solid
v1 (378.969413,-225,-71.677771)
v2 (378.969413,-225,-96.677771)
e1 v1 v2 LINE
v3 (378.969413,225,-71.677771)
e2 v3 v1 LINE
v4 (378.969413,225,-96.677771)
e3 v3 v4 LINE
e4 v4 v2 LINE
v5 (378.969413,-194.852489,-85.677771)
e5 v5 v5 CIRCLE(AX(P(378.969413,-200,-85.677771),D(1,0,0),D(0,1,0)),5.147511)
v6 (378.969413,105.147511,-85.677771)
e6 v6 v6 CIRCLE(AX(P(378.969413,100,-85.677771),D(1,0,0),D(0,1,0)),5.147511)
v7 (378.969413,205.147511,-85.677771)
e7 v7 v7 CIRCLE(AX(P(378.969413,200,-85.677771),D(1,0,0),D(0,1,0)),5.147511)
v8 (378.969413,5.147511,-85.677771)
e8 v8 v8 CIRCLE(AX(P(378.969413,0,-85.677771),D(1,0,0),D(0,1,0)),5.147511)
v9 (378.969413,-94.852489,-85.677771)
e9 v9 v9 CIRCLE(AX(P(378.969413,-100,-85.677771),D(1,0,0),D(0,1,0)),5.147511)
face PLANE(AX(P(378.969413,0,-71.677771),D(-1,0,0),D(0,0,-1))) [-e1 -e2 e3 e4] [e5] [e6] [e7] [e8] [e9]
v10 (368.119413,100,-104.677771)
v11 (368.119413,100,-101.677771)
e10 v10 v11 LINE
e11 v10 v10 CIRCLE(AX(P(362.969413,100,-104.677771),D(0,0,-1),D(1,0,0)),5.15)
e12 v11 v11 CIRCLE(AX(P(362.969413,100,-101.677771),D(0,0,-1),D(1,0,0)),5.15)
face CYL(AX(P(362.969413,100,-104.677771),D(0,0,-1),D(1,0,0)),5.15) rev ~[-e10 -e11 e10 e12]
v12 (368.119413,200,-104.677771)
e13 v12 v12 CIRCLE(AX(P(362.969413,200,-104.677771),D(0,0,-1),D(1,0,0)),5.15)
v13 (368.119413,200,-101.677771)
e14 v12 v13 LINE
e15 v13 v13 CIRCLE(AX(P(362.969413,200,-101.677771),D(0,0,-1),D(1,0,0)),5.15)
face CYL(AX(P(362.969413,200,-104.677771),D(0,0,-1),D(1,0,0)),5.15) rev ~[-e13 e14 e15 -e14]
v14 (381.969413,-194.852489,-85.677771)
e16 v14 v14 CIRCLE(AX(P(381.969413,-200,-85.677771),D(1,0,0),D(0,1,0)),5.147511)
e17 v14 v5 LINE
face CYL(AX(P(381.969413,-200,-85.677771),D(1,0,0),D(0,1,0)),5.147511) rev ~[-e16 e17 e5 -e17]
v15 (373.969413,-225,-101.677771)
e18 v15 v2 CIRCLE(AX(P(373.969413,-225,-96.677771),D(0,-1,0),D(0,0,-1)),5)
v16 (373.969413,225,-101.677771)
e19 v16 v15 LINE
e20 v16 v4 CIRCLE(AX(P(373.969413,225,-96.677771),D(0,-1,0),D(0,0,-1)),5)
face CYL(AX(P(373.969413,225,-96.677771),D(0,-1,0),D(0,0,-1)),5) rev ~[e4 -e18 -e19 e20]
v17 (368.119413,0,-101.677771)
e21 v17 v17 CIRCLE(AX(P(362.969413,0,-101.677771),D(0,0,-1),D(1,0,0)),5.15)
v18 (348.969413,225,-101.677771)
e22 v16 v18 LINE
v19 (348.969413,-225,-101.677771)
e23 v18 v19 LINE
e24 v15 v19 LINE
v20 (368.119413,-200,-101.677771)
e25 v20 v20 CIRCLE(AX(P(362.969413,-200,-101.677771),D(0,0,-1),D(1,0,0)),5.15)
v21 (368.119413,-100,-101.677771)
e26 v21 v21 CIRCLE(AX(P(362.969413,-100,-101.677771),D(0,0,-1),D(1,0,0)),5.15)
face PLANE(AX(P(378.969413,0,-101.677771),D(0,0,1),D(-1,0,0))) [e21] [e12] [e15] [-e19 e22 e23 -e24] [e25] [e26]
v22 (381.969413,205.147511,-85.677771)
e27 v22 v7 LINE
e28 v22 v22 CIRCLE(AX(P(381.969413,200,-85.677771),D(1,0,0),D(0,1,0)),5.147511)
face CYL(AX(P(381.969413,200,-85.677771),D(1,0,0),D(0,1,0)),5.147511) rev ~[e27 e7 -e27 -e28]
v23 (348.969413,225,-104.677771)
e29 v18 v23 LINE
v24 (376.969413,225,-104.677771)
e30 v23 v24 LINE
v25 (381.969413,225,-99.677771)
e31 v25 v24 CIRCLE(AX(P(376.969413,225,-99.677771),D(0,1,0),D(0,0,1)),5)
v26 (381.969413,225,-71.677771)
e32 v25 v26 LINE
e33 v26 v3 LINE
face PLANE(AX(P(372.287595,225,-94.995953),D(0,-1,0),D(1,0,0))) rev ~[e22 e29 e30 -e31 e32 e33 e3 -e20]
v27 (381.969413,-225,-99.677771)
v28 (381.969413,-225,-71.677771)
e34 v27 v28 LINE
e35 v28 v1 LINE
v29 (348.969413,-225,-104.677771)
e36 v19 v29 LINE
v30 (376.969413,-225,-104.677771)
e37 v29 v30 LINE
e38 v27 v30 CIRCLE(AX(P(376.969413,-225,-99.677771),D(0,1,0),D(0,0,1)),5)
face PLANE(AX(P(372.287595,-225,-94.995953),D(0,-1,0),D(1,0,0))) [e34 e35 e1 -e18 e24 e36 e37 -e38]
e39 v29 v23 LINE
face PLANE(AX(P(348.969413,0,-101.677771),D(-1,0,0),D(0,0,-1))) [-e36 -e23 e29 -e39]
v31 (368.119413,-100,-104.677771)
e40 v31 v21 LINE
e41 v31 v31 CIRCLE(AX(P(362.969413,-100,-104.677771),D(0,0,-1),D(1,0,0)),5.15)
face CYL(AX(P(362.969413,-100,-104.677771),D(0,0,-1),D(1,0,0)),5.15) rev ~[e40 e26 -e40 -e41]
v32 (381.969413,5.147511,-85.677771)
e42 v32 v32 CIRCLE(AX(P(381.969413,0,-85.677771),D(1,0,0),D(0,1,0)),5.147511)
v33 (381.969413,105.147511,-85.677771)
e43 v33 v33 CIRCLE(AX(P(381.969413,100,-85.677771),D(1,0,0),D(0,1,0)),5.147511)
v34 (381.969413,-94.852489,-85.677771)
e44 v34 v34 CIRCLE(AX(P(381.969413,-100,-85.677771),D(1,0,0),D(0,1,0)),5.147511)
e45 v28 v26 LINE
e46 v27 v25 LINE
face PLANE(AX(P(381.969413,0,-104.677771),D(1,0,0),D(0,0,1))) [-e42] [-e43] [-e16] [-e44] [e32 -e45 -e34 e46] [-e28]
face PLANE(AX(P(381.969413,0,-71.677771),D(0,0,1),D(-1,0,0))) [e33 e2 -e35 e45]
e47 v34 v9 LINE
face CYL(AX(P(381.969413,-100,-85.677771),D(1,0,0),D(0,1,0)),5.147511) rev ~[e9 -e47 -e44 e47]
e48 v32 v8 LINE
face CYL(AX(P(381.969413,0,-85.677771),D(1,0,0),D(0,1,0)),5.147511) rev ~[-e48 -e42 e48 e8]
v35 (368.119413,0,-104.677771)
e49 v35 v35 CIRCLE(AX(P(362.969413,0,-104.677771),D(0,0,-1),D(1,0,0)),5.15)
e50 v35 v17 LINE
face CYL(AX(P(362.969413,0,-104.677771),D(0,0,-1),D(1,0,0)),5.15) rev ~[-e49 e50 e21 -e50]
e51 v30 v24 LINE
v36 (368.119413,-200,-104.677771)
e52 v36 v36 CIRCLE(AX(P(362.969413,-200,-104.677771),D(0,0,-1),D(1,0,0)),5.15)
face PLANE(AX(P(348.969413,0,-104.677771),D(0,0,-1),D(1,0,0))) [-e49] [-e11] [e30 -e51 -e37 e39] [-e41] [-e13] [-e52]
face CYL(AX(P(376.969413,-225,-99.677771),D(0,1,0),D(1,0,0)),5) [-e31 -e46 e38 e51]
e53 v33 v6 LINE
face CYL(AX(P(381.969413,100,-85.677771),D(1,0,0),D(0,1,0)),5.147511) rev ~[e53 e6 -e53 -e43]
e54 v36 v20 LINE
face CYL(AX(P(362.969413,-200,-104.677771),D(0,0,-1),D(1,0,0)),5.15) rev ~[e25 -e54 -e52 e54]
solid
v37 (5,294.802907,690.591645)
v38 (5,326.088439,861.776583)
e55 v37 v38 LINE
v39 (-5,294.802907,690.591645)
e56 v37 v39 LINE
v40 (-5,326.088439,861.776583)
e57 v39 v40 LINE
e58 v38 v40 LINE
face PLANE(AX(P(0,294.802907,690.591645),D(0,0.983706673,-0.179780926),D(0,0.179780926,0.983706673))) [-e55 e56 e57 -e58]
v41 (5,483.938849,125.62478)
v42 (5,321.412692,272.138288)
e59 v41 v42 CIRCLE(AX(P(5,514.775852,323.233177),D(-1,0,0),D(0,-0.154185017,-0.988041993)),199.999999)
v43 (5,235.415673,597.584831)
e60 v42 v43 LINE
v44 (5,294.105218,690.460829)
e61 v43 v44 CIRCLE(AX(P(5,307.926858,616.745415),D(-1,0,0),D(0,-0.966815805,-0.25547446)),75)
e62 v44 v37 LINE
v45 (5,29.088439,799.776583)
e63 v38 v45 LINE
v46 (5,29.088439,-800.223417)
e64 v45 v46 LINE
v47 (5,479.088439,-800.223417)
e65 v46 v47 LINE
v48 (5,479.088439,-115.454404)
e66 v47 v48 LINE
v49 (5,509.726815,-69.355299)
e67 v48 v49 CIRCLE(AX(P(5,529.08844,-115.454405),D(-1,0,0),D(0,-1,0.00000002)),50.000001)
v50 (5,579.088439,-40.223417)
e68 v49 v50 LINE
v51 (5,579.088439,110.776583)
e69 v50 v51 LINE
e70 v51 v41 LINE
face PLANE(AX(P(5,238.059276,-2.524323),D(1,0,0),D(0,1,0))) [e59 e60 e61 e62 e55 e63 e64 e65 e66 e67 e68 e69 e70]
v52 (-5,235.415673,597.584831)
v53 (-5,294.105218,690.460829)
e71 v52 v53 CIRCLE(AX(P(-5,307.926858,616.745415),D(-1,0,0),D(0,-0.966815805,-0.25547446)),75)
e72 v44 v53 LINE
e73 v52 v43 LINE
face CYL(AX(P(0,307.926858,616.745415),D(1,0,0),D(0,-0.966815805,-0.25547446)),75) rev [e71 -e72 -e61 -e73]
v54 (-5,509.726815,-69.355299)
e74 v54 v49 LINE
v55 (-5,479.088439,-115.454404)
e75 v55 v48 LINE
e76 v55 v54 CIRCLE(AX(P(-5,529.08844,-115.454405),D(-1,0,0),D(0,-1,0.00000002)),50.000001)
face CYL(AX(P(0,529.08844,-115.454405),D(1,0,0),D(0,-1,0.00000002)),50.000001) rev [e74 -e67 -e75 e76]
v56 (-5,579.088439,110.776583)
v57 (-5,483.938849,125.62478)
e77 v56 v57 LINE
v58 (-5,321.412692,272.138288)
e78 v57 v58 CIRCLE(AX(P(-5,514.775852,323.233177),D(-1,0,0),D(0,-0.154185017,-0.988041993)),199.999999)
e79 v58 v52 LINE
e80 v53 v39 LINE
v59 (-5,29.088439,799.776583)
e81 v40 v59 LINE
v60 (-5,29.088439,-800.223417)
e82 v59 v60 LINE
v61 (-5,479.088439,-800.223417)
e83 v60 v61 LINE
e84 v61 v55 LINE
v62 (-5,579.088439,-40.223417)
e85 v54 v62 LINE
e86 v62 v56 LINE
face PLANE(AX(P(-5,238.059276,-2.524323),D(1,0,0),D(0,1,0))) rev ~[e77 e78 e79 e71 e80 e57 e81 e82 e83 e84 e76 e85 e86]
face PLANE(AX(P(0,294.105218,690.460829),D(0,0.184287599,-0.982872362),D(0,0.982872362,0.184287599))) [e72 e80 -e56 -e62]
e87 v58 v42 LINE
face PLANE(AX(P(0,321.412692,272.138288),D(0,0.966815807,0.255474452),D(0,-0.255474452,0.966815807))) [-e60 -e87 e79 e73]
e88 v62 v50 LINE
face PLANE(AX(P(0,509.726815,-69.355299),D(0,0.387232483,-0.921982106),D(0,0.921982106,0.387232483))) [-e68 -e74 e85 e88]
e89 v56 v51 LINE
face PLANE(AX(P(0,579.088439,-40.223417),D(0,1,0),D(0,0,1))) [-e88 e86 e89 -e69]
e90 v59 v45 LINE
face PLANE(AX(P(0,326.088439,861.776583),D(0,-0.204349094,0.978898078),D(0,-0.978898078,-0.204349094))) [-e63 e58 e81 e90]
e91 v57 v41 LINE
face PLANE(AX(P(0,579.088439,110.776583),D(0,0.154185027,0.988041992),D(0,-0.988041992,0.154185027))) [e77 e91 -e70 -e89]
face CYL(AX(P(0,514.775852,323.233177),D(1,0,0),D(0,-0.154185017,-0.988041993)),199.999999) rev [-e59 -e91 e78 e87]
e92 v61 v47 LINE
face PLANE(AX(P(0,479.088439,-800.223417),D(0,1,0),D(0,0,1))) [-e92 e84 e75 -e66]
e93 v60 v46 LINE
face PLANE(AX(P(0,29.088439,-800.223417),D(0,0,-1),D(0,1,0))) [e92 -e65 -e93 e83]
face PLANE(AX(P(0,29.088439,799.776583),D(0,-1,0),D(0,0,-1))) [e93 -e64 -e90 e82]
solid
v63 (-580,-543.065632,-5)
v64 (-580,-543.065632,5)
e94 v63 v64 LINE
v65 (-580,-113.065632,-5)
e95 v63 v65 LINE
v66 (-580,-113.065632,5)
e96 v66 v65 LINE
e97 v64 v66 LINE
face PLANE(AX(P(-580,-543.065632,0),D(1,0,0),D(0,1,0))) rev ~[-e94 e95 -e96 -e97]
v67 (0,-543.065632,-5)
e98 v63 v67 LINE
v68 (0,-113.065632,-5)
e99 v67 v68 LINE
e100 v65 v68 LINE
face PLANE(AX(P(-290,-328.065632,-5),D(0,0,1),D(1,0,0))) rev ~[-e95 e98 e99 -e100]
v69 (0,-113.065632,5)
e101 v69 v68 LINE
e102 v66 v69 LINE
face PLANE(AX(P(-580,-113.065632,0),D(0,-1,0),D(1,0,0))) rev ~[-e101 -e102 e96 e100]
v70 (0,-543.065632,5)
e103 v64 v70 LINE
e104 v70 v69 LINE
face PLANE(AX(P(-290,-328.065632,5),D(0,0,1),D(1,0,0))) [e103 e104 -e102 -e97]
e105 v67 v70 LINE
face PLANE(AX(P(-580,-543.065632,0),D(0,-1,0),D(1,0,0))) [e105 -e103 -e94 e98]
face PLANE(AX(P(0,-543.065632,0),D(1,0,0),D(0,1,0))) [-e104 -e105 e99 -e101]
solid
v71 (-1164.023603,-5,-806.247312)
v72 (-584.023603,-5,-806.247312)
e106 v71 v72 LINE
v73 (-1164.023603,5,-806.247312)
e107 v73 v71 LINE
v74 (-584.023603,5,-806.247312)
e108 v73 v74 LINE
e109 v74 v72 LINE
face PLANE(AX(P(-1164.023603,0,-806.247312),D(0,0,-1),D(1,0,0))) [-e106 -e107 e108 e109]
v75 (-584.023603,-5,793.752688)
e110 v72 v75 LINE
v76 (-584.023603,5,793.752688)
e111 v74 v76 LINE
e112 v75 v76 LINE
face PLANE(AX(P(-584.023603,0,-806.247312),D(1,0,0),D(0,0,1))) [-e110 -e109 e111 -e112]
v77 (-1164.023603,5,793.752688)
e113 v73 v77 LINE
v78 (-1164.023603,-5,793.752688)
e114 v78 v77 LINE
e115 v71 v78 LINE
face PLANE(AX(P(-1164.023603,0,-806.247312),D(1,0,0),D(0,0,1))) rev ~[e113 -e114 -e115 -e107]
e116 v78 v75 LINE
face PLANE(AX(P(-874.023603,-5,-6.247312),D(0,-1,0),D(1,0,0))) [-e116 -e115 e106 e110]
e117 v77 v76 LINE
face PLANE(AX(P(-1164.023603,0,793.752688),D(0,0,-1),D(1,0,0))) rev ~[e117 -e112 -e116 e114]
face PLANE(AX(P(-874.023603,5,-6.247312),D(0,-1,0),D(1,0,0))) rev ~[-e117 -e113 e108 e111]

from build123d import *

# Parameters (mm, degrees)
F1_DEPTH  = 5
F2_W      = 580
F2_H      = 430
F3_DEPTH  = 5
F5_DEPTH  = 225
F6_R      = 5
F7_R      = 5.147511
F8_DEPTH  = 3
F9_R      = 5.15
F10_DEPTH = 3
F11_W     = 580
F11_H     = 1600
F12_DEPTH = 5


with BuildPart() as f1:
    # F0 (on Right) → F1 (new body, symmetric)
    with BuildSketch(Plane.YZ):
        with BuildLine():
            Line((326.088439, 861.776583), (29.088439, 799.776583))
            Line((29.088439, 799.776583), (29.088439, -800.223417))
            Line((29.088439, -800.223417), (479.088439, -800.223417))
            Line((479.088439, -800.223417), (479.088439, -115.454404))
            ThreePointArc((479.088439, -115.454404), (487.446626, -87.778433), (509.726815, -69.355299))
            Line((509.726815, -69.355299), (579.088439, -40.223417))
            Line((579.088439, -40.223417), (579.088439, 110.776583))
            Line((579.088439, 110.776583), (483.938849, 125.62478))
            ThreePointArc((483.938849, 125.62478), (380.861774, 174.683458), (321.412692, 272.138288))
            Line((321.412692, 272.138288), (235.415673, 597.584831))
            ThreePointArc((235.415673, 597.584831), (244.524753, 656.810026), (294.105218, 690.460829))
            Line((294.105218, 690.460829), (294.802907, 690.591645))
            Line((294.802907, 690.591645), (326.088439, 861.776583))
        make_face()
    extrude(amount=F1_DEPTH, both=True)


with BuildPart() as f3:
    # F2 (on Top) → F3 (new body, symmetric)
    with BuildSketch(Plane.XY):
        with Locations((-290, -328.065632)):
            Rectangle(F2_W, F2_H)
    extrude(amount=F3_DEPTH, both=True)


with BuildPart() as f5:
    # F4 (on Front) → F5 (new body, symmetric)
    with BuildSketch(Plane.XZ):
        Polygon((381.969413, -71.677771), (378.969413, -71.677771), (378.969413, -101.677771), (348.969413, -101.677771), (348.969413, -104.677771), (381.969413, -104.677771), align=None)
    extrude(amount=F5_DEPTH, both=True)

    # F6
    f6_edges = [f5.edges().sort_by_distance(p)[0] for p in [
        (381.969413, 0, -104.677771),
        (378.969413, 0, -101.677771),
    ]]
    fillet(f6_edges, radius=F6_R)

    # F7 (on face) → F8 (cut, through all)
    with BuildSketch(Plane.YZ.offset(381.969413)):
        with Locations((200, -85.677771)):
            Circle(F7_R)
        with Locations((0, -85.677771)):
            Circle(F7_R)
        with Locations((-100, -85.677771)):
            Circle(F7_R)
        with Locations((100, -85.677771)):
            Circle(F7_R)
        with Locations((-200, -85.677771)):
            Circle(F7_R)
    extrude(amount=-F8_DEPTH, mode=Mode.SUBTRACT)

    # F9 (on face) → F10 (cut, through all)
    with BuildSketch(Plane(origin=(0, 0, -104.677771), x_dir=(1, 0, 0), z_dir=(0, 0, -1))):
        with Locations((362.969413, 200)):
            Circle(F9_R)
        with Locations((362.969413, 100)):
            Circle(F9_R)
        with Locations((362.969413, 0)):
            Circle(F9_R)
        with Locations((362.969413, -100)):
            Circle(F9_R)
        with Locations((362.969413, -200)):
            Circle(F9_R)
    extrude(amount=-F10_DEPTH, mode=Mode.SUBTRACT)


with BuildPart() as f12:
    # F11 (on Front) → F12 (new body, symmetric)
    with BuildSketch(Plane.XZ):
        with Locations((-874.023603, -6.247312)):
            Rectangle(F11_W, F11_H)
    extrude(amount=F12_DEPTH, both=True)


solid = Compound([f1.part, f3.part, f5.part, f12.part])
